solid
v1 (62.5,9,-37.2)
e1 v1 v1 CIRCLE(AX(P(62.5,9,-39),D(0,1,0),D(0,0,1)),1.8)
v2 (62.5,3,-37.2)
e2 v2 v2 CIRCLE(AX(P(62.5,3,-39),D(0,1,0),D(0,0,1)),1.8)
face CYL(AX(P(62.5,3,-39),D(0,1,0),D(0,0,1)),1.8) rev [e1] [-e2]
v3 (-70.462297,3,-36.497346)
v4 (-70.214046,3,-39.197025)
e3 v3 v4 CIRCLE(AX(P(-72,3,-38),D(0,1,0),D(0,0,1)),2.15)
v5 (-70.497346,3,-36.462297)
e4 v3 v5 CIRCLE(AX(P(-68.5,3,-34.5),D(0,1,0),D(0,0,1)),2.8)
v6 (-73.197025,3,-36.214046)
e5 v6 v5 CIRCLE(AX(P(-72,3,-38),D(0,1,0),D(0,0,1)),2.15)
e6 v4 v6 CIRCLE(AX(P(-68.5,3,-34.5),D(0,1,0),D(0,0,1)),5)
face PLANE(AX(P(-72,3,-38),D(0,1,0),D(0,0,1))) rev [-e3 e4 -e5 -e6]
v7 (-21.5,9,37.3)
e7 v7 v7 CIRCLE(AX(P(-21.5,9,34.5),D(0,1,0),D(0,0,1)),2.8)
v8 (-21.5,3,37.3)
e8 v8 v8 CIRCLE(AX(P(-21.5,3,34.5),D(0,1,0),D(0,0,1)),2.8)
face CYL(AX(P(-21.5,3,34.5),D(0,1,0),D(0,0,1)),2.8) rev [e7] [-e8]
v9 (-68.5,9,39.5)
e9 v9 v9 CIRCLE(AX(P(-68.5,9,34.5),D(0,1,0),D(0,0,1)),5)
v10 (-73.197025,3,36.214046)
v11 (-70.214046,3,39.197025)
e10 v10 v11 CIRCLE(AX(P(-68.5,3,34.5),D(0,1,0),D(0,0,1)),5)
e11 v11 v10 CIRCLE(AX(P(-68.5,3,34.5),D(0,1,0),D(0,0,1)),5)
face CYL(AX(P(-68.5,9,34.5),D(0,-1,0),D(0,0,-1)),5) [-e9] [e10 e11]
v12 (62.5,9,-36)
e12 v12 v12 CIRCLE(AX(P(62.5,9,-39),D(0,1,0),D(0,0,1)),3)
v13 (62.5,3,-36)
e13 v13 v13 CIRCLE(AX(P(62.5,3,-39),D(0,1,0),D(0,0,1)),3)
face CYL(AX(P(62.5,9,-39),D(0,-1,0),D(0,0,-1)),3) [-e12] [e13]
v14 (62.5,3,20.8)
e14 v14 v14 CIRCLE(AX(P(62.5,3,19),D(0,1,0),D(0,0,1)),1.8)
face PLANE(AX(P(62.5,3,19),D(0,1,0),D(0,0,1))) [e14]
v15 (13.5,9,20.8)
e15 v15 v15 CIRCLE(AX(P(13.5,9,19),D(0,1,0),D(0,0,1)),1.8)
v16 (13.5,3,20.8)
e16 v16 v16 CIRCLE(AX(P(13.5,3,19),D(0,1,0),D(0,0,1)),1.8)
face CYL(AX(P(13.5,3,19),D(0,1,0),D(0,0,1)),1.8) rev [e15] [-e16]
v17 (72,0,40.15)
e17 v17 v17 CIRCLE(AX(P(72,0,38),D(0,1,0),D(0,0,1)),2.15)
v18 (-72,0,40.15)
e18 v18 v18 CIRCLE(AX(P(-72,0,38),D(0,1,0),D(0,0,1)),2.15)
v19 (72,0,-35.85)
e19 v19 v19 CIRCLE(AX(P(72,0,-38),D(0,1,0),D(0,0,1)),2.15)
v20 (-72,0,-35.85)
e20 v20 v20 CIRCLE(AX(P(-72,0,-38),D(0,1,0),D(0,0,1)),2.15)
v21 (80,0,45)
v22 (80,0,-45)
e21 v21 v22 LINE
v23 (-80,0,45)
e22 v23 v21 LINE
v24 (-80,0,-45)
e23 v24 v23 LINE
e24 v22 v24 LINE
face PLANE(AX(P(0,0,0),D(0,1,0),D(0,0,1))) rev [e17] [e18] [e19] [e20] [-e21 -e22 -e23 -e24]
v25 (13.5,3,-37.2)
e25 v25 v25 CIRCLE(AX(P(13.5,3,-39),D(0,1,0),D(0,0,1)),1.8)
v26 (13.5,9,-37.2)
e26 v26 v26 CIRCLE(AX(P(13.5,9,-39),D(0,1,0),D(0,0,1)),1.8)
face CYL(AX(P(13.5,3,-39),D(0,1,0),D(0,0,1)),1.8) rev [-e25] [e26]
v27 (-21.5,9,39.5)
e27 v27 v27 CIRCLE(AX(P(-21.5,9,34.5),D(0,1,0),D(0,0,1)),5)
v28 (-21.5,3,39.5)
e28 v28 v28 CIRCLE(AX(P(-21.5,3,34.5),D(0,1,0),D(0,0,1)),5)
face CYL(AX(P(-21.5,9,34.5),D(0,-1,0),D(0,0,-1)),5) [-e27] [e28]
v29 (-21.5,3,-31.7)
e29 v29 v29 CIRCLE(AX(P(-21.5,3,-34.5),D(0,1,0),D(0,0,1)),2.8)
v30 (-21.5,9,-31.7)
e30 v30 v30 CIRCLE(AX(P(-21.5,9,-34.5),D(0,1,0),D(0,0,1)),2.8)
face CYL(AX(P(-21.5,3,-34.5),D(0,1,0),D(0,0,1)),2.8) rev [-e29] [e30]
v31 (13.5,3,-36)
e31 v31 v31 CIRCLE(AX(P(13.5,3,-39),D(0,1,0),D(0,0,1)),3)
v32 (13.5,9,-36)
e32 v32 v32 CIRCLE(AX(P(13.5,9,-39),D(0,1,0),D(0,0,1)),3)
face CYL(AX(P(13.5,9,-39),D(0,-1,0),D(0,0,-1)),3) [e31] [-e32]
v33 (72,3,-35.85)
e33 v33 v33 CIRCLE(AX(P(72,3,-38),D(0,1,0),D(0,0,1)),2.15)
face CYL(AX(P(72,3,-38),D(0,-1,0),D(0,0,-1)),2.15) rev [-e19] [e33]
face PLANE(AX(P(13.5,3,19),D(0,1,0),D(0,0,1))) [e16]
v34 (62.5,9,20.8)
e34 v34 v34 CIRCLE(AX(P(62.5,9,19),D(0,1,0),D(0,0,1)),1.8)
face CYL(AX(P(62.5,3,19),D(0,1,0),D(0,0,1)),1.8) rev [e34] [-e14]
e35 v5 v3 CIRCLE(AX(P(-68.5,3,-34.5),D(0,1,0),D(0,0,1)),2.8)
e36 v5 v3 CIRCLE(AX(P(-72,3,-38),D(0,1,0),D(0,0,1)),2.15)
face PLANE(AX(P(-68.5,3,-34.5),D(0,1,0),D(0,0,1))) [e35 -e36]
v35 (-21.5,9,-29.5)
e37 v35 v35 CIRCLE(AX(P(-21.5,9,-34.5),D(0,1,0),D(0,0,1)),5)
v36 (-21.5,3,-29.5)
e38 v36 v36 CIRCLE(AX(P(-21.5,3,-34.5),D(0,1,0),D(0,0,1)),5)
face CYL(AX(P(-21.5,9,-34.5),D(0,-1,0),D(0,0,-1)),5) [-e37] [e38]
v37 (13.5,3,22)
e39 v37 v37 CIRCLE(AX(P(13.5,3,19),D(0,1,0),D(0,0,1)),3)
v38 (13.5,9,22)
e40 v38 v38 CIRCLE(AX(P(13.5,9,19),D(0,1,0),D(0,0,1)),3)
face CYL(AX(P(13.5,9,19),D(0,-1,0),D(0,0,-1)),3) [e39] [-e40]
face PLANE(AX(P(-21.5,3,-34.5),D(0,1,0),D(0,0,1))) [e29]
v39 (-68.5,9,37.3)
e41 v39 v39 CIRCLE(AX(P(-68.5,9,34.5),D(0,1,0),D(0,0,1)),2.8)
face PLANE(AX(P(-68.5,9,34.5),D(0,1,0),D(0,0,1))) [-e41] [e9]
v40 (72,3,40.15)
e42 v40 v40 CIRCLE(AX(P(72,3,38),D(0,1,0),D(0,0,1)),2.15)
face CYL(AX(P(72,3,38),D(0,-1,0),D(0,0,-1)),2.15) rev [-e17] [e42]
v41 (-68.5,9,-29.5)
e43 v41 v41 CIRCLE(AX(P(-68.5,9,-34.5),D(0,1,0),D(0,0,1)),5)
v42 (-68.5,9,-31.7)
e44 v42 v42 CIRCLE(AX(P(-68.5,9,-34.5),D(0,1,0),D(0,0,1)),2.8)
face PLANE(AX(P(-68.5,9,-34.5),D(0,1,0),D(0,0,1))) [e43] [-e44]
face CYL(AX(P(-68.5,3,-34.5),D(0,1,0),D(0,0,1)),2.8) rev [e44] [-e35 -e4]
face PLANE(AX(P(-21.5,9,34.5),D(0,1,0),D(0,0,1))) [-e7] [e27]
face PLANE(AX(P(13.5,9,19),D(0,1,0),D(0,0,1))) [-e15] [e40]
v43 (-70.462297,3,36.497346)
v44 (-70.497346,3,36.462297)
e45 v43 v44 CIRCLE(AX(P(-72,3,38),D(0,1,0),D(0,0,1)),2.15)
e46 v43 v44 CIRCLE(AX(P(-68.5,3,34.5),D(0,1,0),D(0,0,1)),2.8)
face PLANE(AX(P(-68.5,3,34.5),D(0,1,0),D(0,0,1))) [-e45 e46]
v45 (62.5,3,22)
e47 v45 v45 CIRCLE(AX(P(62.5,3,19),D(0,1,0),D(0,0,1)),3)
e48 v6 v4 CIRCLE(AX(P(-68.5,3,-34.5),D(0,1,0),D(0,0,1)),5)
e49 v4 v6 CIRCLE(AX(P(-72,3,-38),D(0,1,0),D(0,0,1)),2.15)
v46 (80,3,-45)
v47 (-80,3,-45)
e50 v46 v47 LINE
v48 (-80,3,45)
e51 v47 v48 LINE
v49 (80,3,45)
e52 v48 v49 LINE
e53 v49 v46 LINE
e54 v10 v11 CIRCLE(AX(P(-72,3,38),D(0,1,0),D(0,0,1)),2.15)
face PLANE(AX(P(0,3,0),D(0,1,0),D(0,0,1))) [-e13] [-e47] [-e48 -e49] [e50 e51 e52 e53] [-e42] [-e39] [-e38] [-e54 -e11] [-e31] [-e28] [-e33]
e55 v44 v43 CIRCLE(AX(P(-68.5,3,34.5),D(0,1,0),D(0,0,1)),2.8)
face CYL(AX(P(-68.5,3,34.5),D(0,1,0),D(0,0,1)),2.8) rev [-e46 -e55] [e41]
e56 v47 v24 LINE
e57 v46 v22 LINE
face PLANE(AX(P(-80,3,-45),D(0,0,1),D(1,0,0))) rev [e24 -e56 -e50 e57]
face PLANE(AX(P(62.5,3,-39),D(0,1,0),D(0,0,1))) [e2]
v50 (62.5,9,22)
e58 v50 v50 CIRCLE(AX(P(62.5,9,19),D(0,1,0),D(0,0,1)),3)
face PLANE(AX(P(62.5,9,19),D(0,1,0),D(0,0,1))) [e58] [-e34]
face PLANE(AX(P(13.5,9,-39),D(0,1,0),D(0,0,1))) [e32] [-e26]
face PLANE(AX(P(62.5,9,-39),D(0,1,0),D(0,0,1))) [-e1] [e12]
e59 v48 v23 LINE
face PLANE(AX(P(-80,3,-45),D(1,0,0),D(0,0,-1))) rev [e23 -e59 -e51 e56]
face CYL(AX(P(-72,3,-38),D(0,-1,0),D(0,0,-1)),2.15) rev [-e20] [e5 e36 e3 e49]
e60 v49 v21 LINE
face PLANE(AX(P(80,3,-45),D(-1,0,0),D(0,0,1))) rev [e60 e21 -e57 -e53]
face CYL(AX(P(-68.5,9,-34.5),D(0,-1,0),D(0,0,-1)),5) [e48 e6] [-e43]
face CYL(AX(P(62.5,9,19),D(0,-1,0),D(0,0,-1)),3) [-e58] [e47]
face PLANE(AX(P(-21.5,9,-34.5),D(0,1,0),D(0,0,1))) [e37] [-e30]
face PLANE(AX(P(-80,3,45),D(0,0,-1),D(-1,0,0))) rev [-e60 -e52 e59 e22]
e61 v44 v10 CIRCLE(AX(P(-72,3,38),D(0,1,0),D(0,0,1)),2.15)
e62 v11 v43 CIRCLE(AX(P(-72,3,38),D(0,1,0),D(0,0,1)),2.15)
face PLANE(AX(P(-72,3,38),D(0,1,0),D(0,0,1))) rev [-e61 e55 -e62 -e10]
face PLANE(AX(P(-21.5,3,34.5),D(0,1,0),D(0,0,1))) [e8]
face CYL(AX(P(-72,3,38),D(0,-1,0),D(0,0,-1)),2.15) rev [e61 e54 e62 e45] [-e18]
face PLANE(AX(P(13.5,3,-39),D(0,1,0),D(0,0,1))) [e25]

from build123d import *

# Parameters (mm, degrees)
SK_PLATE_W         = 160
SK_PLATE_H         = 90
EX_PLATE_DEPTH     = 3
SK_STANDOFFS_R     = 3
SK_STANDOFFS_R_2   = 5
EX_STANDOFFS_DEPTH = 6
SK_INSERTS_R       = 1.8
SK_INSERTS_R_2     = 2.8
CUT_INSERTS_DEPTH  = 6
SK_PANHOLES_R      = 2.15
CUT_PANHOLES_DEPTH = 3


with BuildPart() as part:
    # SK_Plate → EX_Plate (new body)
    with BuildSketch(Plane(origin=(0, 0, 0), x_dir=(1, 0, 0), z_dir=(0, 1, 0))):
        Rectangle(SK_PLATE_W, SK_PLATE_H)
    extrude(amount=EX_PLATE_DEPTH)

    # SK_Standoffs → EX_Standoffs (add)
    with BuildSketch(Plane(origin=(0, 3, 0), x_dir=(1, 0, 0), z_dir=(0, 1, 0))):
        with Locations((62.5, 39)):
            Circle(SK_STANDOFFS_R)
        with Locations((13.5, 39)):
            Circle(SK_STANDOFFS_R)
        with Locations((62.5, -19)):
            Circle(SK_STANDOFFS_R)
        with Locations((13.5, -19)):
            Circle(SK_STANDOFFS_R)
        with Locations((-21.5, -34.5)):
            Circle(SK_STANDOFFS_R_2)
        with Locations((-68.5, -34.5)):
            Circle(SK_STANDOFFS_R_2)
        with Locations((-21.5, 34.5)):
            Circle(SK_STANDOFFS_R_2)
        with Locations((-68.5, 34.5)):
            Circle(SK_STANDOFFS_R_2)
    extrude(amount=EX_STANDOFFS_DEPTH)

    # SK_Inserts → CUT_Inserts (cut)
    with BuildSketch(Plane(origin=(0, 9, 0), x_dir=(1, 0, 0), z_dir=(0, 1, 0))):
        with Locations((62.5, 39)):
            Circle(SK_INSERTS_R)
        with Locations((13.5, 39)):
            Circle(SK_INSERTS_R)
        with Locations((62.5, -19)):
            Circle(SK_INSERTS_R)
        with Locations((13.5, -19)):
            Circle(SK_INSERTS_R)
        with Locations((-21.5, -34.5)):
            Circle(SK_INSERTS_R_2)
        with Locations((-68.5, -34.5)):
            Circle(SK_INSERTS_R_2)
        with Locations((-21.5, 34.5)):
            Circle(SK_INSERTS_R_2)
        with Locations((-68.5, 34.5)):
            Circle(SK_INSERTS_R_2)
    extrude(amount=-CUT_INSERTS_DEPTH, mode=Mode.SUBTRACT)

    # SK_PanHoles → CUT_PanHoles (cut)
    with BuildSketch(Plane(origin=(0, 0, 0), x_dir=(1, 0, 0), z_dir=(0, 1, 0))):
        with Locations((72, -38)):
            Circle(SK_PANHOLES_R)
        with Locations((-72, -38)):
            Circle(SK_PANHOLES_R)
        with Locations((72, 38)):
            Circle(SK_PANHOLES_R)
        with Locations((-72, 38)):
            Circle(SK_PANHOLES_R)
    extrude(amount=CUT_PANHOLES_DEPTH, mode=Mode.SUBTRACT)


solid = part.part
